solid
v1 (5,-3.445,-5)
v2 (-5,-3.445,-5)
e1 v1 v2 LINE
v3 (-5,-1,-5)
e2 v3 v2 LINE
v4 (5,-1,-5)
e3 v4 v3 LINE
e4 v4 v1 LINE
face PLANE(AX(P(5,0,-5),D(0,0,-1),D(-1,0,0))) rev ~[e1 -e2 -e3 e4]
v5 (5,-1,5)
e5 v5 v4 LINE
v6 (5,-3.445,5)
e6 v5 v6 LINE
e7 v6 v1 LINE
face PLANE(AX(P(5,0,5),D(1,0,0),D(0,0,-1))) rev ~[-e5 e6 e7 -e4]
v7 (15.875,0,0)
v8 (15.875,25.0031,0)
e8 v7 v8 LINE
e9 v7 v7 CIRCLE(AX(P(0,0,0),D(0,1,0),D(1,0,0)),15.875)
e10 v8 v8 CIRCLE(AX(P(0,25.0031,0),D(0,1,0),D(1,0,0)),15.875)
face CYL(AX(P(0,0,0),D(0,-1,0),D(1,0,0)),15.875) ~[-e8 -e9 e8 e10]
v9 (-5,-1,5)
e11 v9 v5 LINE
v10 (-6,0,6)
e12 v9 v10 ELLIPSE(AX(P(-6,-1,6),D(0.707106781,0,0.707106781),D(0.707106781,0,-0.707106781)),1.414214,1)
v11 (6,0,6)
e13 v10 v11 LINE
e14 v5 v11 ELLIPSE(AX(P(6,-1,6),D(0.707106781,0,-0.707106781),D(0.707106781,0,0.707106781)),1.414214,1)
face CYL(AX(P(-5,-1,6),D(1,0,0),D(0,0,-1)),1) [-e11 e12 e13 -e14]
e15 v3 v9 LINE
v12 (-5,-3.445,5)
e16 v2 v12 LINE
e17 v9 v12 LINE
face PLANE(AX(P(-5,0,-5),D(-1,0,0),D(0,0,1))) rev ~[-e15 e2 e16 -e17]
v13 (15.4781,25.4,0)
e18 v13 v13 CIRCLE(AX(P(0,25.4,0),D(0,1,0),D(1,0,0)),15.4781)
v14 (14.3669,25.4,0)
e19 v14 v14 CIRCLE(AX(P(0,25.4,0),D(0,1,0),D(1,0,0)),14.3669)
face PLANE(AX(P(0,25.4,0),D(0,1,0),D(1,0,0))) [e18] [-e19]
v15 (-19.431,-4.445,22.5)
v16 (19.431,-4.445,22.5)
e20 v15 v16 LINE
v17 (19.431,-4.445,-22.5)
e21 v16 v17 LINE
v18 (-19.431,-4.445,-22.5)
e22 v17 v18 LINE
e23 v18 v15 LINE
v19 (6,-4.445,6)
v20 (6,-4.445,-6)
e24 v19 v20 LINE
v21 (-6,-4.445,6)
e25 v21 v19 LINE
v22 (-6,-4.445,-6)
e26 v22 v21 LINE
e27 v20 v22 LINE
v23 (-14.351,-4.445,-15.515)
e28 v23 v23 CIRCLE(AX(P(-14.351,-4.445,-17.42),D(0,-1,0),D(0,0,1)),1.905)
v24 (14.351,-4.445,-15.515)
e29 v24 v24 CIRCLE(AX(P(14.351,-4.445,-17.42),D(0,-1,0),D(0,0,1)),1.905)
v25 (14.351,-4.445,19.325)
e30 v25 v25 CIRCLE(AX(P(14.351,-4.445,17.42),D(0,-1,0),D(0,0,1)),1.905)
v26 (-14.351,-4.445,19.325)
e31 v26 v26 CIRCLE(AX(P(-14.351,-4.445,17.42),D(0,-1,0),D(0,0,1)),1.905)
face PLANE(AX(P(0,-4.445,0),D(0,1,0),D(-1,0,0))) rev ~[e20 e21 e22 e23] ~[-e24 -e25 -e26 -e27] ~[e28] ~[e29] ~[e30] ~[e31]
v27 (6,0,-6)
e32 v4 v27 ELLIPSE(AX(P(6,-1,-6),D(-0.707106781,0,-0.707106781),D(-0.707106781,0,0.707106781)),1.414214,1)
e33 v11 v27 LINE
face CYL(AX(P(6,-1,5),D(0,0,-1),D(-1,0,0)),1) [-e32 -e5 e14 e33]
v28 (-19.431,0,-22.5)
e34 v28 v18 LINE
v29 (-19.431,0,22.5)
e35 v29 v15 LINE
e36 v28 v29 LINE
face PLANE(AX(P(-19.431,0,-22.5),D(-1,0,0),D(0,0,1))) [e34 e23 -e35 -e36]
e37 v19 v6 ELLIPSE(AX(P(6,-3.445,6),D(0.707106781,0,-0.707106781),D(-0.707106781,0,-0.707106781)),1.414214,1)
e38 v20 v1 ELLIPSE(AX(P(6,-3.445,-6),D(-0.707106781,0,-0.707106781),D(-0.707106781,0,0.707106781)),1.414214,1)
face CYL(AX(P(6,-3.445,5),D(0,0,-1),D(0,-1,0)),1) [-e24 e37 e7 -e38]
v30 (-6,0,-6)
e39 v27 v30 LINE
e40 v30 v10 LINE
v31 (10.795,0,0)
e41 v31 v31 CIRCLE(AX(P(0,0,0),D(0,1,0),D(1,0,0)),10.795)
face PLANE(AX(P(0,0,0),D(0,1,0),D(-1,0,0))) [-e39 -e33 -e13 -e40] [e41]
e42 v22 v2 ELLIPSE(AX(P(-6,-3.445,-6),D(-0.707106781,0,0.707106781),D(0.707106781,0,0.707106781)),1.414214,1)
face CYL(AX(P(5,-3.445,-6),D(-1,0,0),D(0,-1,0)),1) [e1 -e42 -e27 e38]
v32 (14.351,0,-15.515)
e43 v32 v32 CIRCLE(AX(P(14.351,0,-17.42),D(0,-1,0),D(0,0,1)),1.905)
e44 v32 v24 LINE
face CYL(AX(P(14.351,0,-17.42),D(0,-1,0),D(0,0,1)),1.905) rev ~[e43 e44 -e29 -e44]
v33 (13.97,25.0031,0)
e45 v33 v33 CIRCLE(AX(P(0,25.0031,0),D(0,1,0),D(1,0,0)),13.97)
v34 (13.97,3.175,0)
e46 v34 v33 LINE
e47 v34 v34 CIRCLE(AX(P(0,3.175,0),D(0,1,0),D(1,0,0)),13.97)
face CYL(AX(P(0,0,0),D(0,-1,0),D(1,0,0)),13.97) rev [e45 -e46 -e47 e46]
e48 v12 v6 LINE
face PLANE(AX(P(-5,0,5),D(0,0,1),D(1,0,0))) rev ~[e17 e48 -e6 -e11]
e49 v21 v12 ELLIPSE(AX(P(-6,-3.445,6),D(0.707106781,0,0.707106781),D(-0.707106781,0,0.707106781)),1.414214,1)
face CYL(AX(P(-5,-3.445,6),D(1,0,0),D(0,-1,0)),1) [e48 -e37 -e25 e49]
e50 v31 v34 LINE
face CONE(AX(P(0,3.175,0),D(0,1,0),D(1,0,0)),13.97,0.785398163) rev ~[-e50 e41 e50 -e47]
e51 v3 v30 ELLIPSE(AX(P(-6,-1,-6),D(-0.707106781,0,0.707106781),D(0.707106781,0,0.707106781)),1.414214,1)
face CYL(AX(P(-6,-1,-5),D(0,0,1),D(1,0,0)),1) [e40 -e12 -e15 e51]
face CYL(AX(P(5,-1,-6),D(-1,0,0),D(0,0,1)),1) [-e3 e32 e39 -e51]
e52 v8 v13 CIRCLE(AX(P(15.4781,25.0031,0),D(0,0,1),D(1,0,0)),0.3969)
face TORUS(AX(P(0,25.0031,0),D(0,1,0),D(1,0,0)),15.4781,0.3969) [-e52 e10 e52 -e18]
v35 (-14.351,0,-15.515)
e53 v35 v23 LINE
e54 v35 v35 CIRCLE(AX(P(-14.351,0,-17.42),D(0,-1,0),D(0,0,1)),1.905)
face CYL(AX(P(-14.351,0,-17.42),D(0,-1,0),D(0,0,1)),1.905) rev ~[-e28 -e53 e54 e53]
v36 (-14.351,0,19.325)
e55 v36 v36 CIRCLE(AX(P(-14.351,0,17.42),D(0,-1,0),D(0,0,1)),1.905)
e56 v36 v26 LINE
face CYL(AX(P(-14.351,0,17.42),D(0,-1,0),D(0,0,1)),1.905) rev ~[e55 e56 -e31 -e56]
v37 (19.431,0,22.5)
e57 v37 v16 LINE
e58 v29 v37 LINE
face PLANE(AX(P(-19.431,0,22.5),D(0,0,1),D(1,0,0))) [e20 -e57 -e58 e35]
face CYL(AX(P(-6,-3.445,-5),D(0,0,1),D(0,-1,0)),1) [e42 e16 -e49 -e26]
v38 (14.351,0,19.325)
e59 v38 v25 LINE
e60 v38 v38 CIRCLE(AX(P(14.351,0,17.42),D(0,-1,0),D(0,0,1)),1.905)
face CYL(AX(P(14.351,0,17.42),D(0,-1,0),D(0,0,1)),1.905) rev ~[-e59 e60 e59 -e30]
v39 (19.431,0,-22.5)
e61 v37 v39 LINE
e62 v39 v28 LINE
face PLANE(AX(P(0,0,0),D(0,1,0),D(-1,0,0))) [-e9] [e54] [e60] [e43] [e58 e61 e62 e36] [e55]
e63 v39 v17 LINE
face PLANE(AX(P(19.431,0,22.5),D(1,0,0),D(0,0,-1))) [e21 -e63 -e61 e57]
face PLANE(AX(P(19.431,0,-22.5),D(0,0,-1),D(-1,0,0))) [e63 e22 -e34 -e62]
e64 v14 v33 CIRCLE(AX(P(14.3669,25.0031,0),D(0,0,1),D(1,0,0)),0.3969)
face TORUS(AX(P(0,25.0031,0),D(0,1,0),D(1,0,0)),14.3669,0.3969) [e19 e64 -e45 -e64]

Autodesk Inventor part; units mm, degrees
ref_plane "YZ Plane" through (0, 0, 0) normal (1, 0, 0) x (0, 1, 0)
ref_plane "XZ Plane" through (0, 0, 0) normal (0, 1, 0) x (-1, 0, 0)
ref_plane "XY Plane" through (0, 0, 0) normal (0, 0, 1) x (1, 0, 0)
sketch "Sketch1" plane through (0, 0, 0) normal (0, 1, 0) x (-1, 0, 0)
  line L0 (19.431, 22.5) -> (-19.431, 22.5)
  line L1 (-19.431, 22.5) -> (-19.431, -22.5)
  line L2 (-19.431, -22.5) -> (19.431, -22.5)
  line L3 (19.431, -22.5) -> (19.431, 22.5)
  line L4 (19.431, 22.5) -> (-19.431, -22.5) construction
  line L5 (-19.431, 22.5) -> (19.431, -22.5) construction
  point P0 (0, 0)
  dimension "d0" = 38.862
  dimension "d1" = 45
extrude "ExtrusionForFloor" add sketch "Sketch1" against normal blind 4.445
sketch "Sketch4" plane through (0, 0, 0) normal (0, 1, 0) x (1, 0, 0)
  line L0 (-5, -5) -> (5, -5)
  line L1 (5, -5) -> (5, 5)
  line L2 (5, 5) -> (-5, 5)
  line L3 (-5, 5) -> (-5, -5)
  line L4 (-5, -5) -> (5, 5) construction
  line L5 (5, -5) -> (-5, 5) construction
  point P0 (0, 0)
  dimension "d21" = 10
extrude "ExtrusionForCameraHole" cut sketch "Sketch4" against normal through all
sketch "Sketch5" plane through (0, -4.445, 0) normal (0, -1, 0) x (1, 0, 0)
  line L0 (18.161, 21.23) -> (-18.161, 21.23)
  line L1 (-18.161, 21.23) -> (-18.161, -21.23)
  line L2 (-18.161, -21.23) -> (18.161, -21.23)
  line L3 (18.161, -21.23) -> (18.161, 21.23)
  line L4 (18.161, 21.23) -> (-18.161, -21.23) construction
  line L5 (-18.161, 21.23) -> (18.161, -21.23) construction
  line L6 (19.431, -22.5) -> (19.431, 22.5) projected
  line L7 (19.431, 22.5) -> (-19.431, 22.5) projected
  line L8 (19.431, 22.5) -> (-19.431, 22.5)
  line L9 (-19.431, 22.5) -> (-19.431, -22.5)
  line L10 (-19.431, -22.5) -> (19.431, -22.5)
  line L11 (19.431, -22.5) -> (19.431, 22.5)
  line L12 (-19.431, 22.5) -> (-19.431, -22.5) projected
  line L13 (-19.431, -22.5) -> (19.431, -22.5) projected
  point P0 (0, 0)
  dimension "d24" = 1.27
  dimension "d25" = 1.27
  dimension "d41" = 0
  dimension "d43" = 0
sketch "Sketch7" plane through (0, 0, 0) normal (0, 1, 0) x (1, 0, 0)
  circle A0 centre (0, 0) radius 15.875
  circle A1 centre (0, 0) radius 13.97
  dimension "d32" = 31.75
  dimension "d33" = 27.94
extrude "ExtrusionForEyepieceAttachement" add sketch "Sketch7" along normal blind 25.4
sketch "Sketch19" plane through (0, 0, 0) normal (0, 1, 0) x (1, 0, 0)
  circle A0 centre (-14.351, 17.42) radius 1.2192 projected
  circle A1 centre (-14.351, -17.42) radius 1.2192 projected
  circle A2 centre (14.351, -17.42) radius 1.2192 projected
  circle A3 centre (14.351, 17.42) radius 1.2192 projected
  line L0 (19.431, -22.5) -> (19.431, 22.5) projected
  line L1 (-19.431, 22.5) -> (-19.431, -22.5) projected
  line L2 (-19.431, -22.5) -> (19.431, -22.5) projected
  line L3 (19.431, 22.5) -> (-19.431, 22.5) projected
  point P0 (0, 0)
  dimension "d104" = 5.08
  dimension "d105" = 5.08
  dimension "d106" = 5.08
  dimension "d107" = 5.08
  dimension "d108" = 5.08
  dimension "d109" = 5.08
  dimension "d110" = 5.08
  dimension "d111" = 5.08
hole "Hole5" at (-14.351, 0, -17.42) at (-14.351, 0, 17.42) at (14.351, 0, 17.42) at (14.351, 0, -17.42) direction (0, -1, 0) diameter 3.81 end through all clearance for "Flat Head Machine Screw (82)" size "#6" standard "Ansi Unified Screw Threads"
fillet "Fillet3" radius 0.3969 2 edges at (-15.875, 25.4, 0) (-13.97, 25.4, 0)
fillet "Fillet4" radius 1 4 edges at (-5, -4.445, 0) (0, -4.445, -5) (5, -4.445, 0) (0, -4.445, 5)
fillet "Fillet5" radius 1 4 edges at (0, 0, 5) (-5, 0, 0) (0, 0, -5) (5, 0, 0)
chamfer "Chamfer2" distance 3.175 angle 45 1 edges at (-13.97, 0, 0)
equation "\"d1\" = CaseWidth"
equation "\"d21\" = PiCameraLensCover"
equation "\"d24\" = CaseWallThickness"
equation "\"d25\" = CaseWallThickness"
equation "\"d32\" = EyepieceOutsideDiameter"
equation "\"d33\" = EyepieceInnerDiameter"
equation "\"d34\" = EyepieceAdapterLength"
equation "\"PiCameraLength\" = 23.862"
equation "\"PiCameraWidth\" = 25"
equation "\"PiCameraLensCover\" = 10"
equation "\"EyepieceAdapterLength\" = 25.4"
equation "\"OffsetForBoltPattern\" = 3.175"
equation "\"FloorThickness\" = 1.905"
equation "\"SlotForEyepiece\" = 2.54"
equation "\"CaseWidth\" = 45"
equation "\"CaseWallThickness\" = 1.27"
equation "\"EyepieceOutsideDiameter\" = 31.75"
equation "\"EyepieceInnerDiameter\" = 27.94"
properties part number "TelescopeAttachementForCase" material "Polypropylene"
